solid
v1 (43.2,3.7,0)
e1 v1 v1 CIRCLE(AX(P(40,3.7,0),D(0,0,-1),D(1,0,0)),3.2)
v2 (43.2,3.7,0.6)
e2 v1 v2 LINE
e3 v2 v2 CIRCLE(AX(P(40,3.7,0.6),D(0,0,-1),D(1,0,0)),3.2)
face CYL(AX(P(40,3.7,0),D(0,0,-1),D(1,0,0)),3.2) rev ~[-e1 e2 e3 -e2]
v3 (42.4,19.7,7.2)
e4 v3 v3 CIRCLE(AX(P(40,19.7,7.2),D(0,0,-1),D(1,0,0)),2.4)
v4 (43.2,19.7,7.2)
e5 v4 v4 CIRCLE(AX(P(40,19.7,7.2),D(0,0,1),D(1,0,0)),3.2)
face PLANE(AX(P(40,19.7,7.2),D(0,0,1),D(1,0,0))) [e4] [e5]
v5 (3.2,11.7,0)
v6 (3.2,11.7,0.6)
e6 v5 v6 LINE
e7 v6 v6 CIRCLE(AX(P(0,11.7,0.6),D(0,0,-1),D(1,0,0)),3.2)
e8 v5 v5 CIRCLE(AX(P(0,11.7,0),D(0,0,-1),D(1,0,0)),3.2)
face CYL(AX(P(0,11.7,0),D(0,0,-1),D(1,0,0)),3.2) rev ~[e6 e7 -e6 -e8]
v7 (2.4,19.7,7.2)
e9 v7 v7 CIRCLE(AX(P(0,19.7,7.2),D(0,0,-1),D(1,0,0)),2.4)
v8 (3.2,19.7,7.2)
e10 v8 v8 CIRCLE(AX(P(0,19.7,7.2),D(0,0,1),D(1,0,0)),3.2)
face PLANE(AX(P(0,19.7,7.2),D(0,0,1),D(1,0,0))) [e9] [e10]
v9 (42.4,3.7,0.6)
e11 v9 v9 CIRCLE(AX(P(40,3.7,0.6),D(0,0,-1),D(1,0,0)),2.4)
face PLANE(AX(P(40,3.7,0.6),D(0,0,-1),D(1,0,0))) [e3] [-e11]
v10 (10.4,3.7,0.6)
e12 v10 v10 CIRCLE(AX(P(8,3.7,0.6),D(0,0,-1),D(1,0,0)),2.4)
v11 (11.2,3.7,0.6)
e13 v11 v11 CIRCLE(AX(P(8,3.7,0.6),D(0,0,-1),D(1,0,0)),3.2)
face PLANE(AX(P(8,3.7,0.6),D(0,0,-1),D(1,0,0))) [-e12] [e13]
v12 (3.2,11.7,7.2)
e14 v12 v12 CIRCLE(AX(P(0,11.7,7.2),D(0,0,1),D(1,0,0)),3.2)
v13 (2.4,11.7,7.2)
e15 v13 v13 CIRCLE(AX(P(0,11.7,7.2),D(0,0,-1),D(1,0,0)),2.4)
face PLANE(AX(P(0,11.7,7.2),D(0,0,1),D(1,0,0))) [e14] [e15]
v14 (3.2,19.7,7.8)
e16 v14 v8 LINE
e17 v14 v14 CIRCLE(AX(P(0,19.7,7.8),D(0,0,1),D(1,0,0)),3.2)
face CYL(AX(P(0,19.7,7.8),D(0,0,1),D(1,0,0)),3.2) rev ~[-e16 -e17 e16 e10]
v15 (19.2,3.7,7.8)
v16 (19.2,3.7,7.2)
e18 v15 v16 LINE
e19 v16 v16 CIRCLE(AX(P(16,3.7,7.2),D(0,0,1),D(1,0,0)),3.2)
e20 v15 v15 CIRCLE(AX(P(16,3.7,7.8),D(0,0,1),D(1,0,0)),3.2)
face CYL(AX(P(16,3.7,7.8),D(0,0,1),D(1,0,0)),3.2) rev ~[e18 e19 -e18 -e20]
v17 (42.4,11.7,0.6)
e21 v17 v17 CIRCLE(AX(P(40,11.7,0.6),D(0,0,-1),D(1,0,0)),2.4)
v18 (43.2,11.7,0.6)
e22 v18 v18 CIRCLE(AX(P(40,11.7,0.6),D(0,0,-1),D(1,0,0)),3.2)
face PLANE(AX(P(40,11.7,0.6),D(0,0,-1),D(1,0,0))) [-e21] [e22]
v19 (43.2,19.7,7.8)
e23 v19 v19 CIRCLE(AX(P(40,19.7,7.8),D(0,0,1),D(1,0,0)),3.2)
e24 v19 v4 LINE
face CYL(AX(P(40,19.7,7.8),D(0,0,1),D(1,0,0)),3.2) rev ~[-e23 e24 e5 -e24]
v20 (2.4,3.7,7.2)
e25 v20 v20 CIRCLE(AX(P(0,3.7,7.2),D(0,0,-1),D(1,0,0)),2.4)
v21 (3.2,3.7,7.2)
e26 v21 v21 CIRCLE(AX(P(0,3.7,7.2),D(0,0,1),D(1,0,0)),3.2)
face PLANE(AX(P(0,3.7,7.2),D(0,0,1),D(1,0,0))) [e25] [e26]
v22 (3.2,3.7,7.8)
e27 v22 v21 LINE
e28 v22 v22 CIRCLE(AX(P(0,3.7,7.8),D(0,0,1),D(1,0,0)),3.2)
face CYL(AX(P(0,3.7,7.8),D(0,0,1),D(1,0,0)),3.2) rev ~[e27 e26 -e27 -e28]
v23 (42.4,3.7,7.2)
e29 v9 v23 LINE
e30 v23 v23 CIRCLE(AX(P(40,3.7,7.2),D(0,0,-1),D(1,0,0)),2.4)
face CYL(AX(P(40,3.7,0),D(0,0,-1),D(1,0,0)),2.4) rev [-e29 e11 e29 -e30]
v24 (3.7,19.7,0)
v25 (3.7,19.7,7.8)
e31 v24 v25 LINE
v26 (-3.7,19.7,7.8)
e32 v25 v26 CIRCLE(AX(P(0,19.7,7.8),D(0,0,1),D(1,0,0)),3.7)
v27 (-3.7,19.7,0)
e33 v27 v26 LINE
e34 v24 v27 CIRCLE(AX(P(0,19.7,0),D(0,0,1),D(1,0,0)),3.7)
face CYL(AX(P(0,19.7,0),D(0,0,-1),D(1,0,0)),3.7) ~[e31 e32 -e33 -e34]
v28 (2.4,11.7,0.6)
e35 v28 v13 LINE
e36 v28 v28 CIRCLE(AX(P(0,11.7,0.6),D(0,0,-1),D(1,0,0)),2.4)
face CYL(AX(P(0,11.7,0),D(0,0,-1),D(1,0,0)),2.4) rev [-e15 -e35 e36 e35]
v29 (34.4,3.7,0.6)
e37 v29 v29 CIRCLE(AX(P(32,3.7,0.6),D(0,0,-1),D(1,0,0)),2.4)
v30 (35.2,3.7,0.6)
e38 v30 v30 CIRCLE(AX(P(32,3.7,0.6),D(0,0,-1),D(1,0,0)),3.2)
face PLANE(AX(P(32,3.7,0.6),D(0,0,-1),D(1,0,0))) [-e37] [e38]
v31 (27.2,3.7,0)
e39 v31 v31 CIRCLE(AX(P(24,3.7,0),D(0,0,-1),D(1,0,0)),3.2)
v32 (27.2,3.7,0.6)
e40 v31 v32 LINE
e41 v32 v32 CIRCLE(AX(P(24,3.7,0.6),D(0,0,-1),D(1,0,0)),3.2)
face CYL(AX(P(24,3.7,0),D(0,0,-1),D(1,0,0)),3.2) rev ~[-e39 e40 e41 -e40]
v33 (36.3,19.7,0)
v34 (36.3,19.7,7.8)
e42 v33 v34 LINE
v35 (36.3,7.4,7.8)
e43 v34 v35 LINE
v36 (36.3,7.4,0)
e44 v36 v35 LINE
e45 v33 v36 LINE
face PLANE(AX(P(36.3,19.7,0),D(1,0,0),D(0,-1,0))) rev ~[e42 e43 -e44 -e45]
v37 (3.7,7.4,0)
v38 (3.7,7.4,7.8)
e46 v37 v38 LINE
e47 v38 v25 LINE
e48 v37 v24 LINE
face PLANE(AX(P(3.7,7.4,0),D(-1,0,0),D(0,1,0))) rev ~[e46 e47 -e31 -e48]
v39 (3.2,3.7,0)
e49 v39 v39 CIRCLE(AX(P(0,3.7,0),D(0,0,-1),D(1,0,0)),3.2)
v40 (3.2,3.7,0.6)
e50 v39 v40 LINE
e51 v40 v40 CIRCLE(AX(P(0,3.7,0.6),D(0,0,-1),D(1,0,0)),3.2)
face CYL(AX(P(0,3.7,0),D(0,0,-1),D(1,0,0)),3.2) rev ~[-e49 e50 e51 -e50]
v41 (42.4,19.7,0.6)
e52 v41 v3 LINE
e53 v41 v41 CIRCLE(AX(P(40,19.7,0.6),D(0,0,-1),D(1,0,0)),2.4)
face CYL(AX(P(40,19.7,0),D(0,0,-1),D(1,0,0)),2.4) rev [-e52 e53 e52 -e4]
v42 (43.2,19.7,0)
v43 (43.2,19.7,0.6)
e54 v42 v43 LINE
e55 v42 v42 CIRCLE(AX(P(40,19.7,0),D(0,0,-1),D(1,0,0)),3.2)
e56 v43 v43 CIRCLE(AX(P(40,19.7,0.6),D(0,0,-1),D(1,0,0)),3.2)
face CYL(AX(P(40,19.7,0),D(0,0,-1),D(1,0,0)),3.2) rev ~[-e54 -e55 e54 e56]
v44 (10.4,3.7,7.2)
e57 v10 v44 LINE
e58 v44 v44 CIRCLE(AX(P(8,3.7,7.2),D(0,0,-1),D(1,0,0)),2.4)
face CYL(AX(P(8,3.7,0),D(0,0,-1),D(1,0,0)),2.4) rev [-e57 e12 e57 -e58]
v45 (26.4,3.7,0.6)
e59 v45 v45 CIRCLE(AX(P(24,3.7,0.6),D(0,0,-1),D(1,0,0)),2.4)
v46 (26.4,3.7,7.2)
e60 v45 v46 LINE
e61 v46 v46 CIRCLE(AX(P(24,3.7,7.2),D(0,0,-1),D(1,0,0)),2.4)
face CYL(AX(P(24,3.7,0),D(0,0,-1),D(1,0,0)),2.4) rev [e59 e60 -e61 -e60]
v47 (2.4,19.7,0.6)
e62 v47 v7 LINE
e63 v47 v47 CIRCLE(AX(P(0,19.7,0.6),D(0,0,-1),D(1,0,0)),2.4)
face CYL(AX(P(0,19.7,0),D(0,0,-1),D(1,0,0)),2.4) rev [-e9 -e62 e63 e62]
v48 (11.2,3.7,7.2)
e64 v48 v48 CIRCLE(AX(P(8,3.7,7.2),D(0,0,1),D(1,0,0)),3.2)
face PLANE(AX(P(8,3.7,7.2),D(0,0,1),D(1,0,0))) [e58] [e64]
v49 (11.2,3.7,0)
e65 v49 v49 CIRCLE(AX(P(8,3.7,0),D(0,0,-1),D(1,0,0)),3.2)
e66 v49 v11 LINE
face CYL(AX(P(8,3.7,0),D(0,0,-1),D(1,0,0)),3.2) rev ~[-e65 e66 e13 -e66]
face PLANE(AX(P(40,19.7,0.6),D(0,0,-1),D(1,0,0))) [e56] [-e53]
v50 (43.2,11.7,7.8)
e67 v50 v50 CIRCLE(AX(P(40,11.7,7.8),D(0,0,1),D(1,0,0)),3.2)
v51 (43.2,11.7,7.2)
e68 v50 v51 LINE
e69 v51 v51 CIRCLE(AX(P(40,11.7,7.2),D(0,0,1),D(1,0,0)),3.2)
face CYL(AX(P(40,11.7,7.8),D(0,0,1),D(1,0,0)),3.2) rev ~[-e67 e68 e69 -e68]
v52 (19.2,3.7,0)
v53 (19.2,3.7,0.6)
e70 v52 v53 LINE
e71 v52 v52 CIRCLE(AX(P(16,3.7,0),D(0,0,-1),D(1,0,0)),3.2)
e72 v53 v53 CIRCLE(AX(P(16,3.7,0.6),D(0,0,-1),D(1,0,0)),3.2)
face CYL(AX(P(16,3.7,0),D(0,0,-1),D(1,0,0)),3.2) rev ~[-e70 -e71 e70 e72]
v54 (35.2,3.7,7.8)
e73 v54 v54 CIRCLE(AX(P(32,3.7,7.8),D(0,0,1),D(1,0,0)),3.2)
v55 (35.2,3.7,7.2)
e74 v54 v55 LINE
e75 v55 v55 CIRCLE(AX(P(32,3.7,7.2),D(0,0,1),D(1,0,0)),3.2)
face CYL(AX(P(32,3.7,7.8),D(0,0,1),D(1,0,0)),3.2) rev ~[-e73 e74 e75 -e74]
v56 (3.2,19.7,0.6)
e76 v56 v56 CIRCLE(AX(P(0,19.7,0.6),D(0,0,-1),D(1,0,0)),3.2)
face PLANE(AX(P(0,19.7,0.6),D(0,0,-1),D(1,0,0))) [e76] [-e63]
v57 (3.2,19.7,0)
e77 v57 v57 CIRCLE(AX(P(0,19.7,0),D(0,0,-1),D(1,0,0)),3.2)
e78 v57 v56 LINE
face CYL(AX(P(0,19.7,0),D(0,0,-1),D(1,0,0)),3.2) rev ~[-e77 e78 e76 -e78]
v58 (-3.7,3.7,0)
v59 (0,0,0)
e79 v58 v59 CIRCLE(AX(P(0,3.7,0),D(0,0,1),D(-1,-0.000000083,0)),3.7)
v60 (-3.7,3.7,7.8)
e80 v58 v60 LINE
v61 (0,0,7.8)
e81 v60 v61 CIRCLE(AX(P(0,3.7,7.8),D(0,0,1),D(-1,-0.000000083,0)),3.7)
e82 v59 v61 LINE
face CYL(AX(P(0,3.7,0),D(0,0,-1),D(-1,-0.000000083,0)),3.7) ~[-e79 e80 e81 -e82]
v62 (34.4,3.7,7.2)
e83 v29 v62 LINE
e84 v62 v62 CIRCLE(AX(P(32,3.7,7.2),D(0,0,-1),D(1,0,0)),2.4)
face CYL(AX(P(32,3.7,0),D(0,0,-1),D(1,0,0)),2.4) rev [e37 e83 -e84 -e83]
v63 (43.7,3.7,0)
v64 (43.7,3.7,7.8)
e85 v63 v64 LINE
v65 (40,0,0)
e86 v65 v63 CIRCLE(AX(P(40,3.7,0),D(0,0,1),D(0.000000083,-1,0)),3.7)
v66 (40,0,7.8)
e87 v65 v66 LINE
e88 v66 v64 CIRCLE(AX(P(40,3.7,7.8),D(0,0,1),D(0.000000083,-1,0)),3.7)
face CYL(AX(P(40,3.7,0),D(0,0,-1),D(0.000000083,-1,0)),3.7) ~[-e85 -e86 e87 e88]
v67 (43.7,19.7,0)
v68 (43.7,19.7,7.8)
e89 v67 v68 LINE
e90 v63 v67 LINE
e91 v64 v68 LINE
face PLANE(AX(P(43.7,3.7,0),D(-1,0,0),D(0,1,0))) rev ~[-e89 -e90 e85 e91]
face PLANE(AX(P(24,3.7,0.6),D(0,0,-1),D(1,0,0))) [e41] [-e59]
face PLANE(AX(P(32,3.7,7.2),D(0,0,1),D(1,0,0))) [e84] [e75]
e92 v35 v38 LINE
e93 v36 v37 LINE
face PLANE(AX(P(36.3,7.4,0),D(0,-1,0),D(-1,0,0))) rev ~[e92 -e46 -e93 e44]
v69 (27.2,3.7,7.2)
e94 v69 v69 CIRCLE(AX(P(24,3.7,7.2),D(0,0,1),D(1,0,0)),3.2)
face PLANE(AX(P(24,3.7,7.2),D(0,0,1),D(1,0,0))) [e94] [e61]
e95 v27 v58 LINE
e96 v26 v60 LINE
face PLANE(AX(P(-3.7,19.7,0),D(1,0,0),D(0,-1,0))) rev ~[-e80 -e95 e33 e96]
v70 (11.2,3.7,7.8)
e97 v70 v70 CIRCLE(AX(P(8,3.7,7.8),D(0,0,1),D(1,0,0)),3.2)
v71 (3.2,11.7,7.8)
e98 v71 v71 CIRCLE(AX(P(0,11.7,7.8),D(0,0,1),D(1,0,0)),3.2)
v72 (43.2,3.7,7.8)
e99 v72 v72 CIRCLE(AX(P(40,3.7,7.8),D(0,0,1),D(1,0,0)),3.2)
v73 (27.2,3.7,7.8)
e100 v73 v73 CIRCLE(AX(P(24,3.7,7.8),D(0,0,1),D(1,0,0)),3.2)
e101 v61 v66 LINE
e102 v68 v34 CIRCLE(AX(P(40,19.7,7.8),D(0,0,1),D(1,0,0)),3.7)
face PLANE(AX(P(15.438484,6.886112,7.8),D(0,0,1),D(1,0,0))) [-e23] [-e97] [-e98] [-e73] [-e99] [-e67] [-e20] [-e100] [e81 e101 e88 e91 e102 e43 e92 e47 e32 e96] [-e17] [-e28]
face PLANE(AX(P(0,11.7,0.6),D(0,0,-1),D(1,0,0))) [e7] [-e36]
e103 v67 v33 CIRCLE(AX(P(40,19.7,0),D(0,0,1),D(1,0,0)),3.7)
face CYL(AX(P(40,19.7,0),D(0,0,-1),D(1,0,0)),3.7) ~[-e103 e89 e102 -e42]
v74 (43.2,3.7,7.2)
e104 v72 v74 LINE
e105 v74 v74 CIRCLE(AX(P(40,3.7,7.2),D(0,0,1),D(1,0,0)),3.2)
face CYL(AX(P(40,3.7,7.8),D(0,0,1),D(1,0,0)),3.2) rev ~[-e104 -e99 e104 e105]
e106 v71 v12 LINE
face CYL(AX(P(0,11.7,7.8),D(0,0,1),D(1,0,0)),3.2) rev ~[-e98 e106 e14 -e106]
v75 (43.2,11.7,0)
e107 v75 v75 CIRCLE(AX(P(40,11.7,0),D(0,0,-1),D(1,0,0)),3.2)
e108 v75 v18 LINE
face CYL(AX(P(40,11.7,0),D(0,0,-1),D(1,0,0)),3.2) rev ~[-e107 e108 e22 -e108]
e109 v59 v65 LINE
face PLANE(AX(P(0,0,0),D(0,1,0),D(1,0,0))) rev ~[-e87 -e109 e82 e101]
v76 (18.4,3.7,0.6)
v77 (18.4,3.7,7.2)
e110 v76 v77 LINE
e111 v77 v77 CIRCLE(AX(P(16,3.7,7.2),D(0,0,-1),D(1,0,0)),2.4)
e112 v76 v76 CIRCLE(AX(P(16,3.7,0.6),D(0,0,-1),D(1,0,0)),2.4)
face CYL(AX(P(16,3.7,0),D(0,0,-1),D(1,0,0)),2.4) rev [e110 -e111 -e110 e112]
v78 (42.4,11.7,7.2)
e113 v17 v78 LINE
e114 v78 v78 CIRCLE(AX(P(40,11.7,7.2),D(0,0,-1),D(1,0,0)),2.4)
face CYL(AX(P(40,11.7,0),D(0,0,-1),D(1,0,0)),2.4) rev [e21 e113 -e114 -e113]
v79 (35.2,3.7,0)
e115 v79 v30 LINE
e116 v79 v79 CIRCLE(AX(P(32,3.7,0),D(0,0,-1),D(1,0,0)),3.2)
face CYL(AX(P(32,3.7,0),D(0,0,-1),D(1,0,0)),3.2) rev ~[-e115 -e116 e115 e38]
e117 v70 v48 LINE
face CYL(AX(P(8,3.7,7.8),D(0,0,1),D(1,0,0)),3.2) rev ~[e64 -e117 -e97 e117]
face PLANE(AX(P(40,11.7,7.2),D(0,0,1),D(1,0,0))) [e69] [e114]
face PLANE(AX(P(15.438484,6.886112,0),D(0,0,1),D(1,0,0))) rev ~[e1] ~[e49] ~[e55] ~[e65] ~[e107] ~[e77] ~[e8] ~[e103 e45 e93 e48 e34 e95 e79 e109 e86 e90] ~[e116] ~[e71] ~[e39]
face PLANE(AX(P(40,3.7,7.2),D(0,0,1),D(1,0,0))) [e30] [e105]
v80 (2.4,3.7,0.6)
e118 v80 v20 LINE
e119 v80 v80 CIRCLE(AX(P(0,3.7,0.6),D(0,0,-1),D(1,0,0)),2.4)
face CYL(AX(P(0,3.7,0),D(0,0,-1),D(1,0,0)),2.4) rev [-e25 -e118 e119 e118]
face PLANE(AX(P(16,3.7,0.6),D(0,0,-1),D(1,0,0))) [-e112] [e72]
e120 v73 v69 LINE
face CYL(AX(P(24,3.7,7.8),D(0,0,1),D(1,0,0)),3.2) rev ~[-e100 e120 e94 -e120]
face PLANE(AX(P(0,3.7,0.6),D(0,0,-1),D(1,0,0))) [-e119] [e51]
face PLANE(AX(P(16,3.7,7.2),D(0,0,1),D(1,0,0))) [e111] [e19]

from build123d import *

# Parameters (mm, degrees)
F0_R     = 2.4
F1_DEPTH = 7.8
F2_R     = 3.2
F3_DEPTH = 0.6
F4_R     = 3.2
F5_DEPTH = 0.6


with BuildPart() as f1:
    # F0 (on Top) → F1 (new body)
    with BuildSketch(Plane.XY):
        with BuildLine():
            ThreePointArc((-3.7, 3.7), (-2.616295, 1.083705), (0, 0))
            Line((0, 0), (40, 0))
            ThreePointArc((40, 0), (42.616295, 1.083705), (43.7, 3.7))
            ThreePointArc((43.7, 3.7), (42.616295, 6.316295), (40, 7.4))
            Line((40, 7.4), (36.3, 7.4))
            Line((36.3, 7.4), (3.7, 7.4))
            Line((3.7, 7.4), (3.7, 19.7))
            ThreePointArc((3.7, 19.7), (0, 23.4), (-3.7, 19.7))
            Line((-3.7, 19.7), (-3.7, 3.7))
        make_face()
        with Locations((0, 3.7)):
            Circle(F0_R, mode=Mode.SUBTRACT)
        with Locations((8, 3.7)):
            Circle(F0_R, mode=Mode.SUBTRACT)
        with Locations((16, 3.7)):
            Circle(F0_R, mode=Mode.SUBTRACT)
        with Locations((24, 3.7)):
            Circle(F0_R, mode=Mode.SUBTRACT)
        with Locations((32, 3.7)):
            Circle(F0_R, mode=Mode.SUBTRACT)
        with Locations((40, 3.7)):
            Circle(F0_R, mode=Mode.SUBTRACT)
        with Locations((0, 11.7)):
            Circle(F0_R, mode=Mode.SUBTRACT)
        with Locations((0, 19.7)):
            Circle(F0_R, mode=Mode.SUBTRACT)
        with BuildLine():
            ThreePointArc((40, 7.4), (42.616295, 6.316295), (43.7, 3.7))
            Line((43.7, 3.7), (43.7, 19.7))
            ThreePointArc((43.7, 19.7), (40, 23.4), (36.3, 19.7))
            Line((36.3, 19.7), (36.3, 7.4))
            Line((36.3, 7.4), (40, 7.4))
        make_face()
        with Locations((40, 11.7)):
            Circle(F0_R, mode=Mode.SUBTRACT)
        with Locations((40, 19.7)):
            Circle(F0_R, mode=Mode.SUBTRACT)
    extrude(amount=F1_DEPTH)

    # F2 (on face) → F3 (cut)
    with BuildSketch(Plane.XY.offset(7.8)):
        with Locations((0, 3.7)):
            Circle(F2_R)
        with Locations((8, 3.7)):
            Circle(F2_R)
        with Locations((16, 3.7)):
            Circle(F2_R)
        with Locations((24, 3.7)):
            Circle(F2_R)
        with Locations((32, 3.7)):
            Circle(F2_R)
        with Locations((40, 3.7)):
            Circle(F2_R)
        with Locations((0, 11.7)):
            Circle(F2_R)
        with Locations((40, 11.7)):
            Circle(F2_R)
        with Locations((0, 19.7)):
            Circle(F2_R)
        with Locations((40, 19.7)):
            Circle(F2_R)
    extrude(amount=-F3_DEPTH, mode=Mode.SUBTRACT)

    # F4 (on face) → F5 (cut)
    with BuildSketch(Plane(origin=(0, 0, 0), x_dir=(1, 0, 0), z_dir=(0, 0, -1))):
        with Locations((0, -11.7)):
            Circle(F4_R)
        with Locations((0, -3.7)):
            Circle(F4_R)
        with Locations((8, -3.7)):
            Circle(F4_R)
        with Locations((16, -3.7)):
            Circle(F4_R)
        with Locations((24, -3.7)):
            Circle(F4_R)
        with Locations((32, -3.7)):
            Circle(F4_R)
        with Locations((40, -3.7)):
            Circle(F4_R)
        with Locations((40, -11.7)):
            Circle(F4_R)
        with Locations((0, -19.7)):
            Circle(F4_R)
        with Locations((40, -19.7)):
            Circle(F4_R)
    extrude(amount=-F5_DEPTH, mode=Mode.SUBTRACT)


solid = f1.part
